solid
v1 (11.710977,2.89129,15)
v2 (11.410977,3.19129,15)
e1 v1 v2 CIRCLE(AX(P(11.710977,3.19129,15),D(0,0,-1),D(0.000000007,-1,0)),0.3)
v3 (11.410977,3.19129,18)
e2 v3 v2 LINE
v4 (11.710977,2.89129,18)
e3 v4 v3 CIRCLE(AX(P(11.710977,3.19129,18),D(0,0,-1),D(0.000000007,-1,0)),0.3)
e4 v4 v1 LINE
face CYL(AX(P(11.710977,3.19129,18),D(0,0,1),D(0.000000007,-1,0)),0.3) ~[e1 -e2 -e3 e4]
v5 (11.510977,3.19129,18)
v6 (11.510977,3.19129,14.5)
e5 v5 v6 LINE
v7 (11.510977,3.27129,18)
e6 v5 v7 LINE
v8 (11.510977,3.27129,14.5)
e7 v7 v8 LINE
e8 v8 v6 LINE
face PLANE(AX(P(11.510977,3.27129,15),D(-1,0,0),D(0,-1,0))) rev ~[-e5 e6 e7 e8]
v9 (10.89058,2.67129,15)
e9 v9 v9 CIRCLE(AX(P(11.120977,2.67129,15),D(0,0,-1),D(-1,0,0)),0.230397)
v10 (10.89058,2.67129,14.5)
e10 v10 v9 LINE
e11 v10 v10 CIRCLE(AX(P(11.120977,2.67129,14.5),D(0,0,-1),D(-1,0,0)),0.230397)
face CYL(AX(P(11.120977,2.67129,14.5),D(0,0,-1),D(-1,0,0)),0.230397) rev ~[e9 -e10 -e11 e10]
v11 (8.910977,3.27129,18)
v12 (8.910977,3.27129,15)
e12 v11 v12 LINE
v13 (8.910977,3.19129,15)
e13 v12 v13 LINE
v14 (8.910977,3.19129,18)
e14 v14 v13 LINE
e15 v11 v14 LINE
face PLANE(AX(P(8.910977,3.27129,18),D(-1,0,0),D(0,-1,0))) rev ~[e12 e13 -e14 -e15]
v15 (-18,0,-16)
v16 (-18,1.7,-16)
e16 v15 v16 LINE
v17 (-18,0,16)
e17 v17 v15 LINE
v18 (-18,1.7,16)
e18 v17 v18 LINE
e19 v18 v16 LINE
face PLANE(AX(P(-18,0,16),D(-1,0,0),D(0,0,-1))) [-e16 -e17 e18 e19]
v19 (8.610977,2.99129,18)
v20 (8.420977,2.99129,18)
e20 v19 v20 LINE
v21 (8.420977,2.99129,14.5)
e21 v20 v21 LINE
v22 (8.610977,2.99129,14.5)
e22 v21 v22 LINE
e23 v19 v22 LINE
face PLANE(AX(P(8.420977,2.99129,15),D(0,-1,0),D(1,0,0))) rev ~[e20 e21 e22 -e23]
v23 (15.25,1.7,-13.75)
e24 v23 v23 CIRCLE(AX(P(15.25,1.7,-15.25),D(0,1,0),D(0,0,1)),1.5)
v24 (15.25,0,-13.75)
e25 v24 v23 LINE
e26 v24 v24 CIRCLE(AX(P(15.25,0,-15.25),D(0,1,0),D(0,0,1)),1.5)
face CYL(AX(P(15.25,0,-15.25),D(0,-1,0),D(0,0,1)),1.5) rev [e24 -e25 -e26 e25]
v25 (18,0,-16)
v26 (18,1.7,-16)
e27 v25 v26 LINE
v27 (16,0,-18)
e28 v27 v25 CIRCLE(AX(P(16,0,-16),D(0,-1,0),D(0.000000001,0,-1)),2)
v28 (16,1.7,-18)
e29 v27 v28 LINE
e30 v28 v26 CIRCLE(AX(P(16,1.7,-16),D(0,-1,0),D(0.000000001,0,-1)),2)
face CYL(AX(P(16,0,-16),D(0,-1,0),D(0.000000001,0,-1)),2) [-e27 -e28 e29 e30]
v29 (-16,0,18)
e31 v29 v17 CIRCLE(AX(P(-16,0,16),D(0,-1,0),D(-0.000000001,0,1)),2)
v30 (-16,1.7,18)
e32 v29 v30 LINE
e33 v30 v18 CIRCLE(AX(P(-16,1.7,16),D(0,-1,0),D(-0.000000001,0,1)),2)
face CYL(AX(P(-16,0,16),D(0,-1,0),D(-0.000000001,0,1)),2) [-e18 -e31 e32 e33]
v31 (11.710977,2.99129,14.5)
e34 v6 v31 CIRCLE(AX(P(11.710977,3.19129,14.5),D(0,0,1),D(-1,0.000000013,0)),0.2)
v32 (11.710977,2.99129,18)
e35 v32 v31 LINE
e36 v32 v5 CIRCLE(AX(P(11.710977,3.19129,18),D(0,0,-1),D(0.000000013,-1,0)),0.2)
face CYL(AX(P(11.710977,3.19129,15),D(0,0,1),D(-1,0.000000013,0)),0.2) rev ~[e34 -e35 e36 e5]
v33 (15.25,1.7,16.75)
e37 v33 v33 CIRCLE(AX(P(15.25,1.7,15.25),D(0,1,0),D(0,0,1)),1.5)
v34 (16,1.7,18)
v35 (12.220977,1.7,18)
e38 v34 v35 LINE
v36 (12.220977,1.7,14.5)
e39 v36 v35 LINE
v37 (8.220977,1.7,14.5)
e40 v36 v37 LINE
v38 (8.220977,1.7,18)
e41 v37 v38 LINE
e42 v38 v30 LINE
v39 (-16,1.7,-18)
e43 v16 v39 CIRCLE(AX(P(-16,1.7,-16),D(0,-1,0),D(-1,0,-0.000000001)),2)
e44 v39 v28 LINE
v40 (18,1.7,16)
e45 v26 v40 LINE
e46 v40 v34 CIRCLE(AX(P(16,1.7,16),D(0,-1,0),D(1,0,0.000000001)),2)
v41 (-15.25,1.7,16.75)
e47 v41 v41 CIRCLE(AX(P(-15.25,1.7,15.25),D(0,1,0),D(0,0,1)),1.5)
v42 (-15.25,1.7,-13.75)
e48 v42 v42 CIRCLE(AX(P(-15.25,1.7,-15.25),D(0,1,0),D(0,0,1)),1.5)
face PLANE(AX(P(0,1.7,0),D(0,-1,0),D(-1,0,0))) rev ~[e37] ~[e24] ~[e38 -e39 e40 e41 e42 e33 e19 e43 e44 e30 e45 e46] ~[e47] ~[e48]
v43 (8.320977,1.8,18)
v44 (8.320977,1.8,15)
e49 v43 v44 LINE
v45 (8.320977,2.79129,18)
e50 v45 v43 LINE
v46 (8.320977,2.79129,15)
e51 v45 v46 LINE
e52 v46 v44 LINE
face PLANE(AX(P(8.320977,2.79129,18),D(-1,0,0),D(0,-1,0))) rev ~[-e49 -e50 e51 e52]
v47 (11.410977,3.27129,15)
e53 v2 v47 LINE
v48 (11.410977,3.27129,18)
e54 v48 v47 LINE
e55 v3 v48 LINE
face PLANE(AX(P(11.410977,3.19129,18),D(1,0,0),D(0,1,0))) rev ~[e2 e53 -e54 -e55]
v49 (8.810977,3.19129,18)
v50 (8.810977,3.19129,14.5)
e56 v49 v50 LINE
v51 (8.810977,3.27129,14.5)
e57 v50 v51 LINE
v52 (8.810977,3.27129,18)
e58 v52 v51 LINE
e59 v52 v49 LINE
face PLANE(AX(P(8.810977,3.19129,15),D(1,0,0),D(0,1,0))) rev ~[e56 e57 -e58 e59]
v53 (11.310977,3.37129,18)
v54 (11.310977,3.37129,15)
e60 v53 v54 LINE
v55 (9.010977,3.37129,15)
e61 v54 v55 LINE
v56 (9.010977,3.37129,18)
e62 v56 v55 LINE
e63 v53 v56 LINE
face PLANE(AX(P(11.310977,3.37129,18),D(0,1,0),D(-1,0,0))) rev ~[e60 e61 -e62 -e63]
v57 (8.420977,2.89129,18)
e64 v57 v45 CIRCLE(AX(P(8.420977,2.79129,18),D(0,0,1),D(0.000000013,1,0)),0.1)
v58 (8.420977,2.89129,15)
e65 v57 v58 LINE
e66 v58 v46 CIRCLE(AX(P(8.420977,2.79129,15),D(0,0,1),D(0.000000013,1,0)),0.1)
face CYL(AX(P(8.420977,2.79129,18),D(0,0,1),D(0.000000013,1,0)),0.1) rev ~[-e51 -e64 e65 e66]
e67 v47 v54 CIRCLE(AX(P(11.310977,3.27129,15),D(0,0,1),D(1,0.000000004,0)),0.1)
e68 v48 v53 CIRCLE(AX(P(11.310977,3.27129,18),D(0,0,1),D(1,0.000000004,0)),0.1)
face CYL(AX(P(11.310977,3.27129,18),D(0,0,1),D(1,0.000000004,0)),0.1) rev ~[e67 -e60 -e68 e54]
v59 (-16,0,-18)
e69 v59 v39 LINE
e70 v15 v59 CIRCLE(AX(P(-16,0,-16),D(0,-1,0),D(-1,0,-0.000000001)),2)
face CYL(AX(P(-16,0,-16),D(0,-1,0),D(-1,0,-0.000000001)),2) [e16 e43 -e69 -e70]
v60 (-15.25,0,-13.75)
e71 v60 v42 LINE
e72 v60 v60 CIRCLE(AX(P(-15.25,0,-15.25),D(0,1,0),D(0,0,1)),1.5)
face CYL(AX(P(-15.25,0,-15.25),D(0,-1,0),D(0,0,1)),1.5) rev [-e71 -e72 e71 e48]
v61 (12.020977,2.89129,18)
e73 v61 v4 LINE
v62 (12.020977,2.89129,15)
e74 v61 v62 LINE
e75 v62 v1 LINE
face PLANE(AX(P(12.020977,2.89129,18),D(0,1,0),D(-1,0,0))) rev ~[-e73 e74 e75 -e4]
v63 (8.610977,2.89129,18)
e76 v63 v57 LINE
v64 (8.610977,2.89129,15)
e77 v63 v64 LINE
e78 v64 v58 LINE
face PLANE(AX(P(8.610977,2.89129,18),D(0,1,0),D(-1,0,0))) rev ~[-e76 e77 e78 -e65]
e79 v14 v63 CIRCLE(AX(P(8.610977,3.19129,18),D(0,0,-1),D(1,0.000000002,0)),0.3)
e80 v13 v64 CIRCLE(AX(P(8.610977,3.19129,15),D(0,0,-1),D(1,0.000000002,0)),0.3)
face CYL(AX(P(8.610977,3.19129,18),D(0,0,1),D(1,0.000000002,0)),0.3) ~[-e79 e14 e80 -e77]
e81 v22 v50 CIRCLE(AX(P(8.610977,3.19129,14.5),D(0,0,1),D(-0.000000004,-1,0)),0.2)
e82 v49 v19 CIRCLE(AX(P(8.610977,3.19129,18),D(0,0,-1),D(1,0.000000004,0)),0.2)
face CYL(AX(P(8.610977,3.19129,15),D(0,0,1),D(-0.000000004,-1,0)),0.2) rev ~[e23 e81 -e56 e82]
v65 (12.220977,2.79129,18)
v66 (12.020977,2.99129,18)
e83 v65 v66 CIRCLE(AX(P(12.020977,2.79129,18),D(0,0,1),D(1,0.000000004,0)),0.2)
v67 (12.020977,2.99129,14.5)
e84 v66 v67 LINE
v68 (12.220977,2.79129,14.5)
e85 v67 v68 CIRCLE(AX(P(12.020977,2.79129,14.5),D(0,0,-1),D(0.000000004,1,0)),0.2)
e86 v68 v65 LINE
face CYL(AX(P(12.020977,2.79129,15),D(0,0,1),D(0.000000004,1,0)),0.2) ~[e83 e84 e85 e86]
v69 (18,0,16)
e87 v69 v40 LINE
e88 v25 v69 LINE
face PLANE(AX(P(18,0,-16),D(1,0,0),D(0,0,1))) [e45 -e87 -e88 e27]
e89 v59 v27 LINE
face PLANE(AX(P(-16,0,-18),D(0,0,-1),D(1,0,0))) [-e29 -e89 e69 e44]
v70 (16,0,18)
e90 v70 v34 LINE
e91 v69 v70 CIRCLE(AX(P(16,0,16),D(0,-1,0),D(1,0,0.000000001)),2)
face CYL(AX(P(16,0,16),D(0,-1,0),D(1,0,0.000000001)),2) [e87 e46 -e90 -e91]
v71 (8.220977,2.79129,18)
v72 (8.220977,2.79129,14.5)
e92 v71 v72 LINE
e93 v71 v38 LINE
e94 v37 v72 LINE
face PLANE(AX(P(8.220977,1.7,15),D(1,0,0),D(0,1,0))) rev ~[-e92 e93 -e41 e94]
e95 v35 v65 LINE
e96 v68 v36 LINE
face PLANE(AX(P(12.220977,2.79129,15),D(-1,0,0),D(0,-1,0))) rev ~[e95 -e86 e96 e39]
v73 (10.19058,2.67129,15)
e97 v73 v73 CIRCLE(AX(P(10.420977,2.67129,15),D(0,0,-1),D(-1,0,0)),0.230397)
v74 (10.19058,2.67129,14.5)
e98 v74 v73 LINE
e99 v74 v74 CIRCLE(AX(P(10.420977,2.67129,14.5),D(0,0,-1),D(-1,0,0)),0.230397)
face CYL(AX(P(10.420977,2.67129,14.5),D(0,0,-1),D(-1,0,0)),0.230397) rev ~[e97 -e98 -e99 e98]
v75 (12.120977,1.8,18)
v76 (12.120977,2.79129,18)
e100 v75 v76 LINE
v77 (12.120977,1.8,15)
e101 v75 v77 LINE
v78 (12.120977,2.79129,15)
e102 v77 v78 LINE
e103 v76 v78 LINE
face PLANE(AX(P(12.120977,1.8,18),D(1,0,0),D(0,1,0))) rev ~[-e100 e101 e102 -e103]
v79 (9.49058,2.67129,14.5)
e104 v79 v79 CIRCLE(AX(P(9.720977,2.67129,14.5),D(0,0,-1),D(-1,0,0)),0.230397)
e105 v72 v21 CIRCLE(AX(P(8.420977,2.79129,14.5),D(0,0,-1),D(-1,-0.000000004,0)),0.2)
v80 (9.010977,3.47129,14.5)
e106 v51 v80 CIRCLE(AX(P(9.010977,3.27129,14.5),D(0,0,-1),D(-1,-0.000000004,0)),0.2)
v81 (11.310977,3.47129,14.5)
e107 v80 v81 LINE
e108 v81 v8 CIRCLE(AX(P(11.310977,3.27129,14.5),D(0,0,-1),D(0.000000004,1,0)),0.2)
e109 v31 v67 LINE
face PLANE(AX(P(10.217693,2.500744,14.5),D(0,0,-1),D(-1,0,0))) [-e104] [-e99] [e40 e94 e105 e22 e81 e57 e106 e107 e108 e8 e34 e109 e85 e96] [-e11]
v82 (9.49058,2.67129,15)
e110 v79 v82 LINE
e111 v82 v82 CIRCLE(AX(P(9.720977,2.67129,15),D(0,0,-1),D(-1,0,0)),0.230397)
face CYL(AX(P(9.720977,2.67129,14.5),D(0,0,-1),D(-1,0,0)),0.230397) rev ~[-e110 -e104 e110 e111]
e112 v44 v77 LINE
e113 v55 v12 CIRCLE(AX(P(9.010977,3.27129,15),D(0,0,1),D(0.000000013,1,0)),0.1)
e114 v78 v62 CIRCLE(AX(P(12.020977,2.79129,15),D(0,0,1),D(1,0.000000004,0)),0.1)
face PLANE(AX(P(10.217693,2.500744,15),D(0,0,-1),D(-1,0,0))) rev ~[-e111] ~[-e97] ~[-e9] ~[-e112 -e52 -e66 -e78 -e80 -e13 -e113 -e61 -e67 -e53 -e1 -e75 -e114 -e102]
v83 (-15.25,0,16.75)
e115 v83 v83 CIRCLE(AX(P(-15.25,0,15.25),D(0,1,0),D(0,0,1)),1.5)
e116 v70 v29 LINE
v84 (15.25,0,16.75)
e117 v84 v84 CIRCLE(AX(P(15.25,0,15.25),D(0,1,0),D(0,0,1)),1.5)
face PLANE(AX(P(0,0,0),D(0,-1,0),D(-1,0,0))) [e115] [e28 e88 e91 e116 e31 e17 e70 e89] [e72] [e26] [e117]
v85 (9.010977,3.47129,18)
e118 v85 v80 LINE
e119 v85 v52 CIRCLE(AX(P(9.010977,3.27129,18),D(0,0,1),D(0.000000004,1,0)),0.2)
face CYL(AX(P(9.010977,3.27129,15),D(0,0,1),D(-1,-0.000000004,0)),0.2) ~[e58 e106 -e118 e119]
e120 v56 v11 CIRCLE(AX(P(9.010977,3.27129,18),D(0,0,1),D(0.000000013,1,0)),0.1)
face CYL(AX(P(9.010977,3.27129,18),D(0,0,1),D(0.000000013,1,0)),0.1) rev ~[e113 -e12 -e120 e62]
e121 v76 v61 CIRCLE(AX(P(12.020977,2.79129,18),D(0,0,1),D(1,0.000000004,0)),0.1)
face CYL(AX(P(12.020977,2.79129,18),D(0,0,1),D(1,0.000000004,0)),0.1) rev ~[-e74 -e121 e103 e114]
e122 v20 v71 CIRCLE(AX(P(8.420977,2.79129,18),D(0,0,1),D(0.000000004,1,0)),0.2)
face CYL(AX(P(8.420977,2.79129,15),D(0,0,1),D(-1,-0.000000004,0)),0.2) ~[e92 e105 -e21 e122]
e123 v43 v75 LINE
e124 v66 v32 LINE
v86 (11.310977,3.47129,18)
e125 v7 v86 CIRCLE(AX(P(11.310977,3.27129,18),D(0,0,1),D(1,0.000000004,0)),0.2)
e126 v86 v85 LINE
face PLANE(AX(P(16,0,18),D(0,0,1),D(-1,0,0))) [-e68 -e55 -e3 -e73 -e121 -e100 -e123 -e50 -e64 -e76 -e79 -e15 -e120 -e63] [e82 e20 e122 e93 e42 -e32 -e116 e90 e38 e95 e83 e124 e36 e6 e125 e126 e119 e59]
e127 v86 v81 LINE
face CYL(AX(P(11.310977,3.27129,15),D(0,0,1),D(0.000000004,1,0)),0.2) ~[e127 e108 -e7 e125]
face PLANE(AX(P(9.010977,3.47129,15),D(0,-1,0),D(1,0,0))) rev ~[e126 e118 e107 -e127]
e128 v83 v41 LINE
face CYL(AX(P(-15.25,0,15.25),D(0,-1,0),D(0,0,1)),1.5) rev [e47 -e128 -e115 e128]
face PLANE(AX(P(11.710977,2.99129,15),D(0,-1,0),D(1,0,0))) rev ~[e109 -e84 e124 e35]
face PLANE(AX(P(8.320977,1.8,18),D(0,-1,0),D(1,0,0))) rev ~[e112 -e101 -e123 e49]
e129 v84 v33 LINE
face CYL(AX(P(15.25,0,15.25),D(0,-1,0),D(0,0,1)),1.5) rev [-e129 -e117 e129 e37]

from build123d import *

# Parameters (mm, degrees)
SKETCH1_R           = 1.5
BOSS_EXTRUDE1_DEPTH = 1.7
BOSS_EXTRUDE2_DEPTH = 3
BOSS_EXTRUDE3_DEPTH = 0.5
CUT_EXTRUDE2_REACH  = 39.314
SKETCH4_R           = 0.230396576


with BuildPart() as part:
    # Sketch1 → Boss-Extrude1 (new body)
    with BuildSketch(Plane(origin=(0, 0, 0), x_dir=(1, 0, 0), z_dir=(0, 1, 0))):
        with BuildLine():
            Line((-16, 18), (16, 18))
            ThreePointArc((16, 18), (17.414213562, 17.414213562), (18, 16))
            Line((18, 16), (18, -16))
            ThreePointArc((18, -16), (17.414213562, -17.414213562), (16, -18))
            Line((16, -18), (-16, -18))
            ThreePointArc((-16, -18), (-17.414213562, -17.414213562), (-18, -16))
            Line((-18, -16), (-18, 16))
            ThreePointArc((-18, 16), (-17.414213562, 17.414213562), (-16, 18))
        make_face()
        with Locations(Location((-15.25, 15.25, 0), (0, 0, 270))):
            Circle(SKETCH1_R, mode=Mode.SUBTRACT)
        with Locations(Location((15.25, 15.25, 0), (0, 0, 270))):
            Circle(SKETCH1_R, mode=Mode.SUBTRACT)
        with Locations(Location((-15.25, -15.25, 0), (0, 0, 270))):
            Circle(SKETCH1_R, mode=Mode.SUBTRACT)
        with Locations(Location((15.25, -15.25, 0), (0, 0, 270))):
            Circle(SKETCH1_R, mode=Mode.SUBTRACT)
    extrude(amount=BOSS_EXTRUDE1_DEPTH)

    # Sketch2 → Boss-Extrude2 (add)
    with BuildSketch(Plane.XY.offset(18)):
        with BuildLine():
            Line((8.220977072, 1.7), (12.220977072, 1.7))
            Line((12.220977072, 1.7), (12.220977072, 2.791290101))
            ThreePointArc((12.220977072, 2.791290101), (12.162398428, 2.932711457), (12.020977072, 2.991290101))
            Line((12.020977072, 2.991290101), (11.710977072, 2.991290101))
            ThreePointArc((11.710977072, 2.991290101), (11.569555715, 3.049868744), (11.510977072, 3.191290101))
            Line((11.510977072, 3.191290101), (11.510977072, 3.271290101))
            ThreePointArc((11.510977072, 3.271290101), (11.452398428, 3.412711457), (11.310977072, 3.471290101))
            Line((11.310977072, 3.471290101), (9.010977072, 3.471290101))
            ThreePointArc((9.010977072, 3.471290101), (8.869555715, 3.412711457), (8.810977072, 3.271290101))
            Line((8.810977072, 3.271290101), (8.810977072, 3.191290101))
            ThreePointArc((8.810977072, 3.191290101), (8.752398428, 3.049868744), (8.610977072, 2.991290101))
            Line((8.610977072, 2.991290101), (8.420977072, 2.991290101))
            ThreePointArc((8.420977072, 2.991290101), (8.279555715, 2.932711457), (8.220977072, 2.791290101))
            Line((8.220977072, 2.791290101), (8.220977072, 1.7))
        make_face()
        with BuildLine():
            Line((8.320977072, 1.8), (12.120977072, 1.8))
            Line((12.120977072, 1.8), (12.120977072, 2.791290101))
            ThreePointArc((12.120977072, 2.791290101), (12.09168775, 2.862000779), (12.020977072, 2.891290101))
            Line((12.020977072, 2.891290101), (11.710977072, 2.891290101))
            ThreePointArc((11.710977072, 2.891290101), (11.498845037, 2.979158066), (11.410977072, 3.191290101))
            Line((11.410977072, 3.191290101), (11.410977072, 3.271290101))
            ThreePointArc((11.410977072, 3.271290101), (11.38168775, 3.342000779), (11.310977072, 3.371290101))
            Line((11.310977072, 3.371290101), (9.010977072, 3.371290101))
            ThreePointArc((9.010977072, 3.371290101), (8.940266393, 3.342000779), (8.910977072, 3.271290101))
            Line((8.910977072, 3.271290101), (8.910977072, 3.191290101))
            ThreePointArc((8.910977072, 3.191290101), (8.823109106, 2.979158066), (8.610977072, 2.891290101))
            Line((8.610977072, 2.891290101), (8.420977072, 2.891290101))
            ThreePointArc((8.420977072, 2.891290101), (8.350266393, 2.862000779), (8.320977072, 2.791290101))
            Line((8.320977072, 2.791290101), (8.320977072, 1.8))
        make_face(mode=Mode.SUBTRACT)
    extrude(amount=-BOSS_EXTRUDE2_DEPTH)

    # Sketch3 → Boss-Extrude3 (add)
    with BuildSketch(Plane(origin=(0, 0, 15), x_dir=(-1, 0, 0), z_dir=(0, 0, -1))):
        with BuildLine():
            Line((-8.220977072, 1.7), (-8.220977072, 2.791290101))
            ThreePointArc((-8.220977072, 2.791290101), (-8.279555715, 2.932711457), (-8.420977072, 2.991290101))
            Line((-8.420977072, 2.991290101), (-8.610977072, 2.991290101))
            ThreePointArc((-8.610977072, 2.991290101), (-8.752398428, 3.049868744), (-8.810977072, 3.191290101))
            Line((-8.810977072, 3.191290101), (-8.810977072, 3.271290101))
            ThreePointArc((-8.810977072, 3.271290101), (-8.869555715, 3.412711457), (-9.010977072, 3.471290101))
            Line((-9.010977072, 3.471290101), (-11.310977072, 3.471290101))
            ThreePointArc((-11.310977072, 3.471290101), (-11.452398428, 3.412711457), (-11.510977072, 3.271290101))
            Line((-11.510977072, 3.271290101), (-11.510977072, 3.191290101))
            ThreePointArc((-11.510977072, 3.191290101), (-11.569555715, 3.049868744), (-11.710977072, 2.991290101))
            Line((-11.710977072, 2.991290101), (-12.020977072, 2.991290101))
            ThreePointArc((-12.020977072, 2.991290101), (-12.162398428, 2.932711457), (-12.220977072, 2.791290101))
            Line((-12.220977072, 2.791290101), (-12.220977072, 1.7))
            Line((-12.220977072, 1.7), (-8.220977072, 1.7))
        make_face()
    extrude(amount=BOSS_EXTRUDE3_DEPTH)

    # Sketch4 → Cut-Extrude2 (cut, up to next)
    with BuildSketch(Plane(origin=(0, 0, 14.5), x_dir=(-1, 0, 0), z_dir=(0, 0, -1)), mode=Mode.PRIVATE) as cut_extrude2_sk1:
        with Locations((-11.120977072, 2.671290101)):
            Circle(SKETCH4_R)
    cut_extrude2_tool1 = extrude(cut_extrude2_sk1.sketch, amount=-CUT_EXTRUDE2_REACH, mode=Mode.PRIVATE) & part.part
    # Sketch4 → Cut-Extrude2 (cut, up to next)
    with BuildSketch(Plane(origin=(0, 0, 14.5), x_dir=(-1, 0, 0), z_dir=(0, 0, -1)), mode=Mode.PRIVATE) as cut_extrude2_sk2:
        with Locations((-10.420977072, 2.671290101)):
            Circle(SKETCH4_R)
    cut_extrude2_tool2 = extrude(cut_extrude2_sk2.sketch, amount=-CUT_EXTRUDE2_REACH, mode=Mode.PRIVATE) & part.part
    # Sketch4 → Cut-Extrude2 (cut, up to next)
    with BuildSketch(Plane(origin=(0, 0, 14.5), x_dir=(-1, 0, 0), z_dir=(0, 0, -1)), mode=Mode.PRIVATE) as cut_extrude2_sk3:
        with Locations((-9.720977072, 2.671290101)):
            Circle(SKETCH4_R)
    cut_extrude2_tool3 = extrude(cut_extrude2_sk3.sketch, amount=-CUT_EXTRUDE2_REACH, mode=Mode.PRIVATE) & part.part
    add(cut_extrude2_tool1.solids().sort_by_distance((11.120977, 2.67129, 14.5))[0], mode=Mode.SUBTRACT)
    add(cut_extrude2_tool2.solids().sort_by_distance((10.420977, 2.67129, 14.5))[0], mode=Mode.SUBTRACT)
    add(cut_extrude2_tool3.solids().sort_by_distance((9.720977, 2.67129, 14.5))[0], mode=Mode.SUBTRACT)


solid = part.part
